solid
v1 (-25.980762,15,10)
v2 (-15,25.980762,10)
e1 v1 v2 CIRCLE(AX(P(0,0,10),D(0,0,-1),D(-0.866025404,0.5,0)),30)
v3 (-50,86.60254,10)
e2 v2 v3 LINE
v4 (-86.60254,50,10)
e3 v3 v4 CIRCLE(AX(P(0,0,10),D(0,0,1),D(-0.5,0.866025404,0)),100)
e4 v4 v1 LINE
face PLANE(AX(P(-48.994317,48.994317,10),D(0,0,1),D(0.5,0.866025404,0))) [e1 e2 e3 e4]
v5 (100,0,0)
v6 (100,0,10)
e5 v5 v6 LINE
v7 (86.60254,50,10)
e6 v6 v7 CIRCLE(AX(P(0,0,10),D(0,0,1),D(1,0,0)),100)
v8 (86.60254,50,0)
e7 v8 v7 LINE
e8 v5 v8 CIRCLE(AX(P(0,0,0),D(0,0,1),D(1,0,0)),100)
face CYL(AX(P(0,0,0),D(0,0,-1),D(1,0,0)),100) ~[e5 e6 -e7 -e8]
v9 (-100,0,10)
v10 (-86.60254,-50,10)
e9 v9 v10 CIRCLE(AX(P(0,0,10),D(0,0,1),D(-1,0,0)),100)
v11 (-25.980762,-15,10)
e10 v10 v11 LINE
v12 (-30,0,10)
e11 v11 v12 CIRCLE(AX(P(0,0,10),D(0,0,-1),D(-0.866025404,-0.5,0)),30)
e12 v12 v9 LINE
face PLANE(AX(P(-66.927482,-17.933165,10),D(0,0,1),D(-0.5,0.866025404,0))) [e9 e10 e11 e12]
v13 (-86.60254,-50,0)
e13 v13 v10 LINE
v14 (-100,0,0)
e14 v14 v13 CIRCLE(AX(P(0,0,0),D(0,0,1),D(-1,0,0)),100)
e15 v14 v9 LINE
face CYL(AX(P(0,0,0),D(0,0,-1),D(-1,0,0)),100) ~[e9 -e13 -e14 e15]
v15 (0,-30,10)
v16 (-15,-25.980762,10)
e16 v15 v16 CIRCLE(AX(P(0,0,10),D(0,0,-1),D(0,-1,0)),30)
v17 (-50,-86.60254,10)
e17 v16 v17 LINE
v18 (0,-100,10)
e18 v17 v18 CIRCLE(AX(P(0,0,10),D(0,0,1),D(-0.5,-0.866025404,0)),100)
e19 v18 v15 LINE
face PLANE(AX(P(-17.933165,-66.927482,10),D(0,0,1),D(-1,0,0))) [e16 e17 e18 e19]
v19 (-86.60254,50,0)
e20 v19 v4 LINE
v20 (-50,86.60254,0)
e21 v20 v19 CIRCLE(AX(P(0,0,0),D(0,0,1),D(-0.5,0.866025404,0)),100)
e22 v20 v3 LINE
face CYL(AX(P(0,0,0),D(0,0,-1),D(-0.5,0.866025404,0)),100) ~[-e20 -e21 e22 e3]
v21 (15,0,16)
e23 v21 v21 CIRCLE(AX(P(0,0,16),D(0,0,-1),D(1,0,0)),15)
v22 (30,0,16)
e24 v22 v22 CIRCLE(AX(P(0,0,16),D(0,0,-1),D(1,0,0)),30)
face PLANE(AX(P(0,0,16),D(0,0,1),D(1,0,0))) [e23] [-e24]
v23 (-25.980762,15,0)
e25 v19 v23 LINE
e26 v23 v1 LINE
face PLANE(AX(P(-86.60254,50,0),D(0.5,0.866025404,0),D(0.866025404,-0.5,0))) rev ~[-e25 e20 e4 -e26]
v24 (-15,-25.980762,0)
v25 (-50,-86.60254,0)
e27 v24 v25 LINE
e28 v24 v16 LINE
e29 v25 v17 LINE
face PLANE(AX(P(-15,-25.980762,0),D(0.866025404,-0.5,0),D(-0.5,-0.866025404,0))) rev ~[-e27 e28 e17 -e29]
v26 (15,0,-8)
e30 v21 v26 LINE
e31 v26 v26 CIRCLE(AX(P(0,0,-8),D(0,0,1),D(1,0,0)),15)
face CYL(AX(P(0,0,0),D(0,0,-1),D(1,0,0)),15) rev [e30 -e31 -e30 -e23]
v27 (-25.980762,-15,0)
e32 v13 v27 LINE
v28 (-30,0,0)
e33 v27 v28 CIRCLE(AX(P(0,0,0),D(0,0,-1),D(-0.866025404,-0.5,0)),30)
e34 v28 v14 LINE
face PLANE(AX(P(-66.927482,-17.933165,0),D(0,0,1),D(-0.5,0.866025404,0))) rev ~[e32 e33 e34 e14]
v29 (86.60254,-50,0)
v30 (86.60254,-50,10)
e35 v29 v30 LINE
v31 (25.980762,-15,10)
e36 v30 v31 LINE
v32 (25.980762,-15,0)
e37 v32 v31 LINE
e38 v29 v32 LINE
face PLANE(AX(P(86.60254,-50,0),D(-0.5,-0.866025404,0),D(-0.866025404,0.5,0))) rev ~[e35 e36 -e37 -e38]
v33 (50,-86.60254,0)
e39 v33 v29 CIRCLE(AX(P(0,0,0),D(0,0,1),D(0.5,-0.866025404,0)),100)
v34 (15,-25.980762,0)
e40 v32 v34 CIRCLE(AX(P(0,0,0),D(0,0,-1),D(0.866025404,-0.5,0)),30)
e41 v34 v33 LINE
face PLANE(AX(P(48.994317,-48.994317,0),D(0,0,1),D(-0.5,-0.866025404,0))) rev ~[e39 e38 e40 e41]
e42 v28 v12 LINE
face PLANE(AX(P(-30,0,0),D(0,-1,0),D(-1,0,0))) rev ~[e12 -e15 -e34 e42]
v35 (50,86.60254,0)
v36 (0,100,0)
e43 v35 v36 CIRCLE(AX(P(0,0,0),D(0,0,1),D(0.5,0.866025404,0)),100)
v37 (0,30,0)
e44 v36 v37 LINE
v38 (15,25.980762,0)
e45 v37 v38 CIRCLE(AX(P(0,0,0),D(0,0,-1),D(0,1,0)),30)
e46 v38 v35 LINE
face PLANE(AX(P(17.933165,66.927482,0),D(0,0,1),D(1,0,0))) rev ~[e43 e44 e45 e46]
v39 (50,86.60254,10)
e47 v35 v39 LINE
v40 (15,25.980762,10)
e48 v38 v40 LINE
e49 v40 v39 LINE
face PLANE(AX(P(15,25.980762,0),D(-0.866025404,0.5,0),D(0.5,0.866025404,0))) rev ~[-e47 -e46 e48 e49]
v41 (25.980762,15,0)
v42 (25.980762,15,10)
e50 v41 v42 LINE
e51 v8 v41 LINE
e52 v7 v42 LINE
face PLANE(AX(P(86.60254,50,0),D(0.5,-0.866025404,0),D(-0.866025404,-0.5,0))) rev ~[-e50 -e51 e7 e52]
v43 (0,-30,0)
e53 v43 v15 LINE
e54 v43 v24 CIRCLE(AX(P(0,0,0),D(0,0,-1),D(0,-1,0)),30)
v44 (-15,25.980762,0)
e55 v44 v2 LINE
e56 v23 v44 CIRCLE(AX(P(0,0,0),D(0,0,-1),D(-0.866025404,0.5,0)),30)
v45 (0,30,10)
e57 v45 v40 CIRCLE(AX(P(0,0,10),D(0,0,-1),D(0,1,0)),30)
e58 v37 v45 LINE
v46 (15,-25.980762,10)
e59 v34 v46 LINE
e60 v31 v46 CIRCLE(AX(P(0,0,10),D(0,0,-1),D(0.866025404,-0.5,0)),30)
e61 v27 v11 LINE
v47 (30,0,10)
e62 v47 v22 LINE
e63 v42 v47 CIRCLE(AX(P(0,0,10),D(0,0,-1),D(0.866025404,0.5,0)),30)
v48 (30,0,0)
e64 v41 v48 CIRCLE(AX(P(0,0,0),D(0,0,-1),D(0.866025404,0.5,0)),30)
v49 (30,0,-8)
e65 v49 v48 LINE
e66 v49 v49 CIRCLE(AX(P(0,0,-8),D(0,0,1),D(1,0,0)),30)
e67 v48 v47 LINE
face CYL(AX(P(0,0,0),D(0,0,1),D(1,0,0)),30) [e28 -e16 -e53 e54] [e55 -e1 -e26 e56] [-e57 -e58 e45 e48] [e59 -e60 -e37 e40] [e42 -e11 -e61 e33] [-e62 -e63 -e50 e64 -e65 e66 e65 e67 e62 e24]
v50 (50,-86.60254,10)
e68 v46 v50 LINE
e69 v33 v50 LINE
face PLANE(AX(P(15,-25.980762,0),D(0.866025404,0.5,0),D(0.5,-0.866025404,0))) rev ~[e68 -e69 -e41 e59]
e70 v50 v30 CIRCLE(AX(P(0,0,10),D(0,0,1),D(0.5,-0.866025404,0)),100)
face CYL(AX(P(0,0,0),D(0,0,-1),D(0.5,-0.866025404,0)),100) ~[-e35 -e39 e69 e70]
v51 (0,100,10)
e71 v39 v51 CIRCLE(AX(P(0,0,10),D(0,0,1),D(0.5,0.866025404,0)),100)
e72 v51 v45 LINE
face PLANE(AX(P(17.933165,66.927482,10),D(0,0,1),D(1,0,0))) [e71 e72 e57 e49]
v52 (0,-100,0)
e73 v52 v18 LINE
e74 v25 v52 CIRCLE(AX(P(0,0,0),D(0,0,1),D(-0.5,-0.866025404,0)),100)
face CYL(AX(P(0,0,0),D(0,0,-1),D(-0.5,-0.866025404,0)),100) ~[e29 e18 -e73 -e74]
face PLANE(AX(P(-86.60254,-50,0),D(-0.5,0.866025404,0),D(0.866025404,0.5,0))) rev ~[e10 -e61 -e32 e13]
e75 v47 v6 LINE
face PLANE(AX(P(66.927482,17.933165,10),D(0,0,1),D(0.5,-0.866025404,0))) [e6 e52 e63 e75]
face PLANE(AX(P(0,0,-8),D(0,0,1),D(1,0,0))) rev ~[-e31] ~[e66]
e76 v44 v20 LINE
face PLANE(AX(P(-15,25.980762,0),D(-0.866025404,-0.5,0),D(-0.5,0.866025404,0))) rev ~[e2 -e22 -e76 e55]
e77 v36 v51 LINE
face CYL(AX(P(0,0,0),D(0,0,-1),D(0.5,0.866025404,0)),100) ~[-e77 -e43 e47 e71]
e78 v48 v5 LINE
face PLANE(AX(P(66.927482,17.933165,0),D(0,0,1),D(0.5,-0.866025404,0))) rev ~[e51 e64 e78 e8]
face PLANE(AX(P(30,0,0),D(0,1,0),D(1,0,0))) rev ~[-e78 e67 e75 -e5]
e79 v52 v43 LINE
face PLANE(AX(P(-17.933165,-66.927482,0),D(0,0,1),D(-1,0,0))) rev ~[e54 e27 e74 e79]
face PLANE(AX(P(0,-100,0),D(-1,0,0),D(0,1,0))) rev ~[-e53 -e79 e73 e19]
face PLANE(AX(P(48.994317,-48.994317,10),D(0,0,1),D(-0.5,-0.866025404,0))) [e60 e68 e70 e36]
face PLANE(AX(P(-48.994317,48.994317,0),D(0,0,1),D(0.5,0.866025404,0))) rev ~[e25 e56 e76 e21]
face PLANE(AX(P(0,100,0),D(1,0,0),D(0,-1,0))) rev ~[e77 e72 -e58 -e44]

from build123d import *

# Parameters (mm, degrees)
F0_R          = 30
F0_R_2        = 15
F1_DEPTH      = 16
F1_DEPTH_BACK = 8
F3_DEPTH      = 10
F5_COUNT      = 6


with BuildPart() as f1:
    # F0 (on Top) → F1 (new body, two sides)
    with BuildSketch(Plane.XY) as f1_sk:
        Circle(F0_R)
        Circle(F0_R_2, mode=Mode.SUBTRACT)
    extrude(amount=F1_DEPTH)
    extrude(f1_sk.sketch, amount=-F1_DEPTH_BACK)

    # F2 (on Top) → F3 (join)
    with BuildSketch(Plane.XY):
        with BuildLine():
            Line((15, 25.9807621135), (50, 86.6025403784))
            ThreePointArc((50, 86.6025403784), (25.8819045103, 96.5925826289), (0, 100))
            Line((0, 100), (0, 30))
            ThreePointArc((0, 30), (7.7645713531, 28.9777747887), (15, 25.9807621135))
        make_face()
    extrude(amount=F3_DEPTH)

    # F5: F1 ×6 about axis
    f5_axis = Axis((0, 0, 6.2121879309), (0, 0, -1))


with BuildPart() as f1_1:
    add(f1.part)
    for i in range(1, F5_COUNT):
        add(f1.part.rotate(f5_axis, i * 360 / F5_COUNT))


solid = f1_1.part
